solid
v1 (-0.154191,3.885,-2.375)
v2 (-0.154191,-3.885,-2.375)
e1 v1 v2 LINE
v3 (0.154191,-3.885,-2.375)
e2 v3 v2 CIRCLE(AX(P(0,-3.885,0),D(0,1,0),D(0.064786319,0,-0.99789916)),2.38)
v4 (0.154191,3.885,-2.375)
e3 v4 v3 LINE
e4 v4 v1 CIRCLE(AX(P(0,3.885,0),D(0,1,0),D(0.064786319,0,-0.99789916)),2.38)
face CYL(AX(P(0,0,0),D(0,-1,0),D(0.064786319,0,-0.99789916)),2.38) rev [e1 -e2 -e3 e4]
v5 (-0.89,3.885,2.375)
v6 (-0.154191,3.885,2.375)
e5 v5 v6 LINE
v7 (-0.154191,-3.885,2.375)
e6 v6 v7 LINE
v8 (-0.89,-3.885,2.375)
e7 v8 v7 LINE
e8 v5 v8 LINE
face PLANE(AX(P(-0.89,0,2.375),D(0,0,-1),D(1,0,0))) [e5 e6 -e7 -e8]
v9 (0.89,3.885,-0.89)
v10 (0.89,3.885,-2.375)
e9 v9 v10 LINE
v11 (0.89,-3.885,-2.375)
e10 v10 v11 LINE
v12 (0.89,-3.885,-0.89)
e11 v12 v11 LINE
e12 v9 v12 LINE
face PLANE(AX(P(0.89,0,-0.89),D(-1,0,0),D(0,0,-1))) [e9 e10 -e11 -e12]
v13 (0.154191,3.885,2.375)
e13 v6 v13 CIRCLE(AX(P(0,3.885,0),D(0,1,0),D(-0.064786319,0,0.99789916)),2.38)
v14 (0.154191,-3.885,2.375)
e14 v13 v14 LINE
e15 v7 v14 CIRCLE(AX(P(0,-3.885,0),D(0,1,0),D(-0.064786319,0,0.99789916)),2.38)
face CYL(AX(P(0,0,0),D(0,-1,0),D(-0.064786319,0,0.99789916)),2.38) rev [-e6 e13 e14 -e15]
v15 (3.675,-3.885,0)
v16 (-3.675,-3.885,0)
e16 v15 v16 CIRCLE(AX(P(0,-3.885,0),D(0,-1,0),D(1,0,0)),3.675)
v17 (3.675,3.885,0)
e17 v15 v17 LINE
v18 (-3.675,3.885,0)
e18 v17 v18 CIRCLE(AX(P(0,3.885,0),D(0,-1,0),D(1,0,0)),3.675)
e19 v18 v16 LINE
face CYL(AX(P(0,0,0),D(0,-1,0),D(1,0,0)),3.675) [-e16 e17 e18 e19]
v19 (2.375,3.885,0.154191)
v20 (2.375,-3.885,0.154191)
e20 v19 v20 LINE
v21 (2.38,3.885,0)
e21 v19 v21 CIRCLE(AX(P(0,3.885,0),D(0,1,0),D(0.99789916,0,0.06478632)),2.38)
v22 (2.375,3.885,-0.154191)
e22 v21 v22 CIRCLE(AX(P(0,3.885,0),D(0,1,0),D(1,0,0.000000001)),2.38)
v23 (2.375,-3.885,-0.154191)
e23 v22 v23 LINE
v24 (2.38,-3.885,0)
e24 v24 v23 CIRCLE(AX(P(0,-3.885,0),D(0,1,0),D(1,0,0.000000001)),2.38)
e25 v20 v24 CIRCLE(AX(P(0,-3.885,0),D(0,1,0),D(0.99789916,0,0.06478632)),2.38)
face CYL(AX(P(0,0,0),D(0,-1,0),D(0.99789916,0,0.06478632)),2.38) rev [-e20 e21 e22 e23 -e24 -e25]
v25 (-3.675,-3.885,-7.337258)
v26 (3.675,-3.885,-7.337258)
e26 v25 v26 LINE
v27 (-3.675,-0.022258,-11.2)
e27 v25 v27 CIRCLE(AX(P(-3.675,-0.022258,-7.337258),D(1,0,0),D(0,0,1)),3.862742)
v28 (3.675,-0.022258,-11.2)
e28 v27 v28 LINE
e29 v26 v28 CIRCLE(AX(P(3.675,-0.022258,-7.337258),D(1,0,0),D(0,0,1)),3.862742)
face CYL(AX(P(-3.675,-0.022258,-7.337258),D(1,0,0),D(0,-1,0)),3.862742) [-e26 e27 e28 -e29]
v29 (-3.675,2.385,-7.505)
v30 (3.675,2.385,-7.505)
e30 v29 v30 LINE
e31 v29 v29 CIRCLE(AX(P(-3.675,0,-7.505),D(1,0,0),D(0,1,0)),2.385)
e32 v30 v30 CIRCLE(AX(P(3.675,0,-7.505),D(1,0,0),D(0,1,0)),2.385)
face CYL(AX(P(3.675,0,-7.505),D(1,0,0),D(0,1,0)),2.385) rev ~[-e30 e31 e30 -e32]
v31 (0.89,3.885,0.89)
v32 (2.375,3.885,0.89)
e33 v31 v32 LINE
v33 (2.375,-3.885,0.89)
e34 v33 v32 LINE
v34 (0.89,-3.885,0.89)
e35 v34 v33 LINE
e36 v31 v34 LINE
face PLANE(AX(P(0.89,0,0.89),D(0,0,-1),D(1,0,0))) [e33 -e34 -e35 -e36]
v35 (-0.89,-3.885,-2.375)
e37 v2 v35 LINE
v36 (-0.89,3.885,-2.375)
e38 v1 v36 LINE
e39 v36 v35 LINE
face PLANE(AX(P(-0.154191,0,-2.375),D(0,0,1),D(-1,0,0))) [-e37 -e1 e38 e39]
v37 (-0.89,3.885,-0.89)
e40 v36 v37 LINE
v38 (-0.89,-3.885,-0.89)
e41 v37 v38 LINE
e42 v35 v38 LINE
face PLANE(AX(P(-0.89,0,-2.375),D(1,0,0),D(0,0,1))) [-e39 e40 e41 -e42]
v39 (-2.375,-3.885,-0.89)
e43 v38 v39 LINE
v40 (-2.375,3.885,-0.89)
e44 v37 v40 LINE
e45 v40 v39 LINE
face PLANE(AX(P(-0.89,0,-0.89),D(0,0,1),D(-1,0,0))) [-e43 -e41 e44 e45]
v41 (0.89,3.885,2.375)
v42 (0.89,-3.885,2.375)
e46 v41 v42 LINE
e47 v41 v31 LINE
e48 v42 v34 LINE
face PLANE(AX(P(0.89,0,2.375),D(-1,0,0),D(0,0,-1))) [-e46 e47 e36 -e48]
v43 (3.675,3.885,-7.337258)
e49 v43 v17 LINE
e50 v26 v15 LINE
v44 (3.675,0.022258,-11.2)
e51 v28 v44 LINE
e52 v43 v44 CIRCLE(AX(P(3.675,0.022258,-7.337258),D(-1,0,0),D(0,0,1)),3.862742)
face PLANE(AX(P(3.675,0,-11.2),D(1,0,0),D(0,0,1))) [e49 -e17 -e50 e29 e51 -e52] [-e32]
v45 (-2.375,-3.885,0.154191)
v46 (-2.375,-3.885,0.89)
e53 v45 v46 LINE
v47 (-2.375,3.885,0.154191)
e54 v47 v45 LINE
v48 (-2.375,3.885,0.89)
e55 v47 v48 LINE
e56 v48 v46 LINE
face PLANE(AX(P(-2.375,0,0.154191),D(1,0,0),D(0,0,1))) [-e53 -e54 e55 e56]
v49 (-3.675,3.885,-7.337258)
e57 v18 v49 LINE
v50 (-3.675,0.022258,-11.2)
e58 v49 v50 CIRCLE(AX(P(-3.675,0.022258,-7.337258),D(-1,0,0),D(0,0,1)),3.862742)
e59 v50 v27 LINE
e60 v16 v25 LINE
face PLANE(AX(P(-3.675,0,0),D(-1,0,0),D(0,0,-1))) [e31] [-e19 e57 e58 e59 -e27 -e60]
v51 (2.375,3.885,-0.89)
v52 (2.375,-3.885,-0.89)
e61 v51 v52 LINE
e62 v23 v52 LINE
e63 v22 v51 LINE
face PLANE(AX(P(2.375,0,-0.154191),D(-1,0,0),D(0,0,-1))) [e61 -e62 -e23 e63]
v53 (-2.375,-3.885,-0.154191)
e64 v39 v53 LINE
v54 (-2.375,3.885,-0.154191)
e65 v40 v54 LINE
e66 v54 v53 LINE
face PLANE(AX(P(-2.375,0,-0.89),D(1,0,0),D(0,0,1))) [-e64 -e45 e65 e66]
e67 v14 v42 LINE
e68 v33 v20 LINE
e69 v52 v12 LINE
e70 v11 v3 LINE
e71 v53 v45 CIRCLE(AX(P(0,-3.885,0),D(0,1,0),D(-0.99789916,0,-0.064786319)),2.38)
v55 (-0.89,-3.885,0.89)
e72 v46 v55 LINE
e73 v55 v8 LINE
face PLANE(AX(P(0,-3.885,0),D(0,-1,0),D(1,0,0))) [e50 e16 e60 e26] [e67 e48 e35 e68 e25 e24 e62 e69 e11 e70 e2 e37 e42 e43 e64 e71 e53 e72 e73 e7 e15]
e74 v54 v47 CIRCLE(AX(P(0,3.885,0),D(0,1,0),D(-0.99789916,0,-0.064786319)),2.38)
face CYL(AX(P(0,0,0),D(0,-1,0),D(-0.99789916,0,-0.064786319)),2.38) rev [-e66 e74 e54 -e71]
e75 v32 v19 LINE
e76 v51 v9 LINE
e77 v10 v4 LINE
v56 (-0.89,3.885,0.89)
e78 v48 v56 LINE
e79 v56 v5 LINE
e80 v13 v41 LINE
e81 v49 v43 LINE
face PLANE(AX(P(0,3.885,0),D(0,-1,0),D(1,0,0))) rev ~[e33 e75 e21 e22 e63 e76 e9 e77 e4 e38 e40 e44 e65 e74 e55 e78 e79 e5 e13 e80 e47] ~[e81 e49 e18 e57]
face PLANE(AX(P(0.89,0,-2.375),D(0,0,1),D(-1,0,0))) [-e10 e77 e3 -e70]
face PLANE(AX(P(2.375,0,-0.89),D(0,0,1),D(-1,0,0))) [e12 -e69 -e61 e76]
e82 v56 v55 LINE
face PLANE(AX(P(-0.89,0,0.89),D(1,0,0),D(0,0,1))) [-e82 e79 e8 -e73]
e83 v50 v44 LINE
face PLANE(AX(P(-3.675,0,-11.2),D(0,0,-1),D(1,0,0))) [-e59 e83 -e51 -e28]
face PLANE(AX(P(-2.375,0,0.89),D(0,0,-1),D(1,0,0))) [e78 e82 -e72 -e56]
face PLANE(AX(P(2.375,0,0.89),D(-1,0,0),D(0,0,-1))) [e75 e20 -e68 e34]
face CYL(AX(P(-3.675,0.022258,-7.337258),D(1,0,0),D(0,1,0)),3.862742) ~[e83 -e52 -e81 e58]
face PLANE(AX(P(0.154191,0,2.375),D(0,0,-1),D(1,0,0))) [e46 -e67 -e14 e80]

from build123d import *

# Parameters (mm, degrees)
F1_DEPTH = 3.885
F2_R     = 2.385
F3_DEPTH = 12.5
F4_R     = 3.8627416998


with BuildPart() as f1:
    # F0 (on Front) → F1 (new body, symmetric)
    with BuildSketch(Plane.XZ):
        with BuildLine():
            ThreePointArc((-3.675, 0), (0, -3.675), (3.675, 0))
            ThreePointArc((3.675, 0), (0, 3.675), (-3.675, 0))
        make_face()
        with BuildLine():
            ThreePointArc((2.375, 0.1541914395), (2.3787496716, 0.0771362431), (2.38, 0))
            ThreePointArc((2.38, 0), (2.3787496716, -0.0771362431), (2.375, -0.1541914395))
            Line((2.375, -0.1541914395), (2.375, -0.89))
            Line((2.375, -0.89), (2.2073287023, -0.89))
            ThreePointArc((2.2073287023, -0.89), (1.6829141392, -1.6829141392), (0.89, -2.2073287023))
            Line((0.89, -2.2073287023), (0.89, -2.375))
            Line((0.89, -2.375), (0.1541914395, -2.375))
            ThreePointArc((0.1541914395, -2.375), (0, -2.38), (-0.1541914395, -2.375))
            Line((-0.1541914395, -2.375), (-0.89, -2.375))
            Line((-0.89, -2.375), (-0.89, -2.2073287023))
            ThreePointArc((-0.89, -2.2073287023), (-1.6829141392, -1.6829141392), (-2.2073287023, -0.89))
            Line((-2.2073287023, -0.89), (-2.375, -0.89))
            Line((-2.375, -0.89), (-2.375, -0.1541914395))
            ThreePointArc((-2.375, -0.1541914395), (-2.38, 0), (-2.375, 0.1541914395))
            Line((-2.375, 0.1541914395), (-2.375, 0.89))
            Line((-2.375, 0.89), (-2.2073287023, 0.89))
            ThreePointArc((-2.2073287023, 0.89), (-1.6829141392, 1.6829141392), (-0.89, 2.2073287023))
            Line((-0.89, 2.2073287023), (-0.89, 2.375))
            Line((-0.89, 2.375), (-0.1541914395, 2.375))
            ThreePointArc((-0.1541914395, 2.375), (0, 2.38), (0.1541914395, 2.375))
            Line((0.1541914395, 2.375), (0.89, 2.375))
            Line((0.89, 2.375), (0.89, 2.2073287023))
            ThreePointArc((0.89, 2.2073287023), (1.6829141392, 1.6829141392), (2.2073287023, 0.89))
            Line((2.2073287023, 0.89), (2.375, 0.89))
            Line((2.375, 0.89), (2.375, 0.1541914395))
        make_face(mode=Mode.SUBTRACT)
        with BuildLine():
            Line((3.675, -11.2), (3.675, 0))
            ThreePointArc((3.675, 0), (0, -3.675), (-3.675, 0))
            Line((-3.675, 0), (-3.675, -11.2))
            Line((-3.675, -11.2), (3.675, -11.2))
        make_face()
        with BuildLine():
            Line((-0.89, -2.2073287023), (-0.89, -0.89))
            Line((-0.89, -0.89), (-2.2073287023, -0.89))
            ThreePointArc((-2.2073287023, -0.89), (-1.6829141392, -1.6829141392), (-0.89, -2.2073287023))
        make_face()
        with BuildLine():
            Line((-2.2073287023, 0.89), (-0.89, 0.89))
            Line((-0.89, 0.89), (-0.89, 2.2073287023))
            ThreePointArc((-0.89, 2.2073287023), (-1.6829141392, 1.6829141392), (-2.2073287023, 0.89))
        make_face()
        with BuildLine():
            Line((0.89, 0.89), (2.2073287023, 0.89))
            ThreePointArc((2.2073287023, 0.89), (1.6829141392, 1.6829141392), (0.89, 2.2073287023))
            Line((0.89, 2.2073287023), (0.89, 0.89))
        make_face()
        with BuildLine():
            ThreePointArc((0.89, -2.2073287023), (1.6829141392, -1.6829141392), (2.2073287023, -0.89))
            Line((2.2073287023, -0.89), (0.89, -0.89))
            Line((0.89, -0.89), (0.89, -2.2073287023))
        make_face()
    extrude(amount=F1_DEPTH, both=True)

    # F2 (on face) → F3 (cut, symmetric)
    with BuildSketch(Plane.YZ.offset(3.675)):
        with Locations((0, -7.505)):
            Circle(F2_R)
    extrude(amount=F3_DEPTH, both=True, mode=Mode.SUBTRACT)

    # F4
    f4_edges = [f1.edges().sort_by_distance(p)[0] for p in [
        (0, 3.885, -11.2),
        (0, -3.885, -11.2),
    ]]
    fillet(f4_edges, radius=F4_R)


solid = f1.part
